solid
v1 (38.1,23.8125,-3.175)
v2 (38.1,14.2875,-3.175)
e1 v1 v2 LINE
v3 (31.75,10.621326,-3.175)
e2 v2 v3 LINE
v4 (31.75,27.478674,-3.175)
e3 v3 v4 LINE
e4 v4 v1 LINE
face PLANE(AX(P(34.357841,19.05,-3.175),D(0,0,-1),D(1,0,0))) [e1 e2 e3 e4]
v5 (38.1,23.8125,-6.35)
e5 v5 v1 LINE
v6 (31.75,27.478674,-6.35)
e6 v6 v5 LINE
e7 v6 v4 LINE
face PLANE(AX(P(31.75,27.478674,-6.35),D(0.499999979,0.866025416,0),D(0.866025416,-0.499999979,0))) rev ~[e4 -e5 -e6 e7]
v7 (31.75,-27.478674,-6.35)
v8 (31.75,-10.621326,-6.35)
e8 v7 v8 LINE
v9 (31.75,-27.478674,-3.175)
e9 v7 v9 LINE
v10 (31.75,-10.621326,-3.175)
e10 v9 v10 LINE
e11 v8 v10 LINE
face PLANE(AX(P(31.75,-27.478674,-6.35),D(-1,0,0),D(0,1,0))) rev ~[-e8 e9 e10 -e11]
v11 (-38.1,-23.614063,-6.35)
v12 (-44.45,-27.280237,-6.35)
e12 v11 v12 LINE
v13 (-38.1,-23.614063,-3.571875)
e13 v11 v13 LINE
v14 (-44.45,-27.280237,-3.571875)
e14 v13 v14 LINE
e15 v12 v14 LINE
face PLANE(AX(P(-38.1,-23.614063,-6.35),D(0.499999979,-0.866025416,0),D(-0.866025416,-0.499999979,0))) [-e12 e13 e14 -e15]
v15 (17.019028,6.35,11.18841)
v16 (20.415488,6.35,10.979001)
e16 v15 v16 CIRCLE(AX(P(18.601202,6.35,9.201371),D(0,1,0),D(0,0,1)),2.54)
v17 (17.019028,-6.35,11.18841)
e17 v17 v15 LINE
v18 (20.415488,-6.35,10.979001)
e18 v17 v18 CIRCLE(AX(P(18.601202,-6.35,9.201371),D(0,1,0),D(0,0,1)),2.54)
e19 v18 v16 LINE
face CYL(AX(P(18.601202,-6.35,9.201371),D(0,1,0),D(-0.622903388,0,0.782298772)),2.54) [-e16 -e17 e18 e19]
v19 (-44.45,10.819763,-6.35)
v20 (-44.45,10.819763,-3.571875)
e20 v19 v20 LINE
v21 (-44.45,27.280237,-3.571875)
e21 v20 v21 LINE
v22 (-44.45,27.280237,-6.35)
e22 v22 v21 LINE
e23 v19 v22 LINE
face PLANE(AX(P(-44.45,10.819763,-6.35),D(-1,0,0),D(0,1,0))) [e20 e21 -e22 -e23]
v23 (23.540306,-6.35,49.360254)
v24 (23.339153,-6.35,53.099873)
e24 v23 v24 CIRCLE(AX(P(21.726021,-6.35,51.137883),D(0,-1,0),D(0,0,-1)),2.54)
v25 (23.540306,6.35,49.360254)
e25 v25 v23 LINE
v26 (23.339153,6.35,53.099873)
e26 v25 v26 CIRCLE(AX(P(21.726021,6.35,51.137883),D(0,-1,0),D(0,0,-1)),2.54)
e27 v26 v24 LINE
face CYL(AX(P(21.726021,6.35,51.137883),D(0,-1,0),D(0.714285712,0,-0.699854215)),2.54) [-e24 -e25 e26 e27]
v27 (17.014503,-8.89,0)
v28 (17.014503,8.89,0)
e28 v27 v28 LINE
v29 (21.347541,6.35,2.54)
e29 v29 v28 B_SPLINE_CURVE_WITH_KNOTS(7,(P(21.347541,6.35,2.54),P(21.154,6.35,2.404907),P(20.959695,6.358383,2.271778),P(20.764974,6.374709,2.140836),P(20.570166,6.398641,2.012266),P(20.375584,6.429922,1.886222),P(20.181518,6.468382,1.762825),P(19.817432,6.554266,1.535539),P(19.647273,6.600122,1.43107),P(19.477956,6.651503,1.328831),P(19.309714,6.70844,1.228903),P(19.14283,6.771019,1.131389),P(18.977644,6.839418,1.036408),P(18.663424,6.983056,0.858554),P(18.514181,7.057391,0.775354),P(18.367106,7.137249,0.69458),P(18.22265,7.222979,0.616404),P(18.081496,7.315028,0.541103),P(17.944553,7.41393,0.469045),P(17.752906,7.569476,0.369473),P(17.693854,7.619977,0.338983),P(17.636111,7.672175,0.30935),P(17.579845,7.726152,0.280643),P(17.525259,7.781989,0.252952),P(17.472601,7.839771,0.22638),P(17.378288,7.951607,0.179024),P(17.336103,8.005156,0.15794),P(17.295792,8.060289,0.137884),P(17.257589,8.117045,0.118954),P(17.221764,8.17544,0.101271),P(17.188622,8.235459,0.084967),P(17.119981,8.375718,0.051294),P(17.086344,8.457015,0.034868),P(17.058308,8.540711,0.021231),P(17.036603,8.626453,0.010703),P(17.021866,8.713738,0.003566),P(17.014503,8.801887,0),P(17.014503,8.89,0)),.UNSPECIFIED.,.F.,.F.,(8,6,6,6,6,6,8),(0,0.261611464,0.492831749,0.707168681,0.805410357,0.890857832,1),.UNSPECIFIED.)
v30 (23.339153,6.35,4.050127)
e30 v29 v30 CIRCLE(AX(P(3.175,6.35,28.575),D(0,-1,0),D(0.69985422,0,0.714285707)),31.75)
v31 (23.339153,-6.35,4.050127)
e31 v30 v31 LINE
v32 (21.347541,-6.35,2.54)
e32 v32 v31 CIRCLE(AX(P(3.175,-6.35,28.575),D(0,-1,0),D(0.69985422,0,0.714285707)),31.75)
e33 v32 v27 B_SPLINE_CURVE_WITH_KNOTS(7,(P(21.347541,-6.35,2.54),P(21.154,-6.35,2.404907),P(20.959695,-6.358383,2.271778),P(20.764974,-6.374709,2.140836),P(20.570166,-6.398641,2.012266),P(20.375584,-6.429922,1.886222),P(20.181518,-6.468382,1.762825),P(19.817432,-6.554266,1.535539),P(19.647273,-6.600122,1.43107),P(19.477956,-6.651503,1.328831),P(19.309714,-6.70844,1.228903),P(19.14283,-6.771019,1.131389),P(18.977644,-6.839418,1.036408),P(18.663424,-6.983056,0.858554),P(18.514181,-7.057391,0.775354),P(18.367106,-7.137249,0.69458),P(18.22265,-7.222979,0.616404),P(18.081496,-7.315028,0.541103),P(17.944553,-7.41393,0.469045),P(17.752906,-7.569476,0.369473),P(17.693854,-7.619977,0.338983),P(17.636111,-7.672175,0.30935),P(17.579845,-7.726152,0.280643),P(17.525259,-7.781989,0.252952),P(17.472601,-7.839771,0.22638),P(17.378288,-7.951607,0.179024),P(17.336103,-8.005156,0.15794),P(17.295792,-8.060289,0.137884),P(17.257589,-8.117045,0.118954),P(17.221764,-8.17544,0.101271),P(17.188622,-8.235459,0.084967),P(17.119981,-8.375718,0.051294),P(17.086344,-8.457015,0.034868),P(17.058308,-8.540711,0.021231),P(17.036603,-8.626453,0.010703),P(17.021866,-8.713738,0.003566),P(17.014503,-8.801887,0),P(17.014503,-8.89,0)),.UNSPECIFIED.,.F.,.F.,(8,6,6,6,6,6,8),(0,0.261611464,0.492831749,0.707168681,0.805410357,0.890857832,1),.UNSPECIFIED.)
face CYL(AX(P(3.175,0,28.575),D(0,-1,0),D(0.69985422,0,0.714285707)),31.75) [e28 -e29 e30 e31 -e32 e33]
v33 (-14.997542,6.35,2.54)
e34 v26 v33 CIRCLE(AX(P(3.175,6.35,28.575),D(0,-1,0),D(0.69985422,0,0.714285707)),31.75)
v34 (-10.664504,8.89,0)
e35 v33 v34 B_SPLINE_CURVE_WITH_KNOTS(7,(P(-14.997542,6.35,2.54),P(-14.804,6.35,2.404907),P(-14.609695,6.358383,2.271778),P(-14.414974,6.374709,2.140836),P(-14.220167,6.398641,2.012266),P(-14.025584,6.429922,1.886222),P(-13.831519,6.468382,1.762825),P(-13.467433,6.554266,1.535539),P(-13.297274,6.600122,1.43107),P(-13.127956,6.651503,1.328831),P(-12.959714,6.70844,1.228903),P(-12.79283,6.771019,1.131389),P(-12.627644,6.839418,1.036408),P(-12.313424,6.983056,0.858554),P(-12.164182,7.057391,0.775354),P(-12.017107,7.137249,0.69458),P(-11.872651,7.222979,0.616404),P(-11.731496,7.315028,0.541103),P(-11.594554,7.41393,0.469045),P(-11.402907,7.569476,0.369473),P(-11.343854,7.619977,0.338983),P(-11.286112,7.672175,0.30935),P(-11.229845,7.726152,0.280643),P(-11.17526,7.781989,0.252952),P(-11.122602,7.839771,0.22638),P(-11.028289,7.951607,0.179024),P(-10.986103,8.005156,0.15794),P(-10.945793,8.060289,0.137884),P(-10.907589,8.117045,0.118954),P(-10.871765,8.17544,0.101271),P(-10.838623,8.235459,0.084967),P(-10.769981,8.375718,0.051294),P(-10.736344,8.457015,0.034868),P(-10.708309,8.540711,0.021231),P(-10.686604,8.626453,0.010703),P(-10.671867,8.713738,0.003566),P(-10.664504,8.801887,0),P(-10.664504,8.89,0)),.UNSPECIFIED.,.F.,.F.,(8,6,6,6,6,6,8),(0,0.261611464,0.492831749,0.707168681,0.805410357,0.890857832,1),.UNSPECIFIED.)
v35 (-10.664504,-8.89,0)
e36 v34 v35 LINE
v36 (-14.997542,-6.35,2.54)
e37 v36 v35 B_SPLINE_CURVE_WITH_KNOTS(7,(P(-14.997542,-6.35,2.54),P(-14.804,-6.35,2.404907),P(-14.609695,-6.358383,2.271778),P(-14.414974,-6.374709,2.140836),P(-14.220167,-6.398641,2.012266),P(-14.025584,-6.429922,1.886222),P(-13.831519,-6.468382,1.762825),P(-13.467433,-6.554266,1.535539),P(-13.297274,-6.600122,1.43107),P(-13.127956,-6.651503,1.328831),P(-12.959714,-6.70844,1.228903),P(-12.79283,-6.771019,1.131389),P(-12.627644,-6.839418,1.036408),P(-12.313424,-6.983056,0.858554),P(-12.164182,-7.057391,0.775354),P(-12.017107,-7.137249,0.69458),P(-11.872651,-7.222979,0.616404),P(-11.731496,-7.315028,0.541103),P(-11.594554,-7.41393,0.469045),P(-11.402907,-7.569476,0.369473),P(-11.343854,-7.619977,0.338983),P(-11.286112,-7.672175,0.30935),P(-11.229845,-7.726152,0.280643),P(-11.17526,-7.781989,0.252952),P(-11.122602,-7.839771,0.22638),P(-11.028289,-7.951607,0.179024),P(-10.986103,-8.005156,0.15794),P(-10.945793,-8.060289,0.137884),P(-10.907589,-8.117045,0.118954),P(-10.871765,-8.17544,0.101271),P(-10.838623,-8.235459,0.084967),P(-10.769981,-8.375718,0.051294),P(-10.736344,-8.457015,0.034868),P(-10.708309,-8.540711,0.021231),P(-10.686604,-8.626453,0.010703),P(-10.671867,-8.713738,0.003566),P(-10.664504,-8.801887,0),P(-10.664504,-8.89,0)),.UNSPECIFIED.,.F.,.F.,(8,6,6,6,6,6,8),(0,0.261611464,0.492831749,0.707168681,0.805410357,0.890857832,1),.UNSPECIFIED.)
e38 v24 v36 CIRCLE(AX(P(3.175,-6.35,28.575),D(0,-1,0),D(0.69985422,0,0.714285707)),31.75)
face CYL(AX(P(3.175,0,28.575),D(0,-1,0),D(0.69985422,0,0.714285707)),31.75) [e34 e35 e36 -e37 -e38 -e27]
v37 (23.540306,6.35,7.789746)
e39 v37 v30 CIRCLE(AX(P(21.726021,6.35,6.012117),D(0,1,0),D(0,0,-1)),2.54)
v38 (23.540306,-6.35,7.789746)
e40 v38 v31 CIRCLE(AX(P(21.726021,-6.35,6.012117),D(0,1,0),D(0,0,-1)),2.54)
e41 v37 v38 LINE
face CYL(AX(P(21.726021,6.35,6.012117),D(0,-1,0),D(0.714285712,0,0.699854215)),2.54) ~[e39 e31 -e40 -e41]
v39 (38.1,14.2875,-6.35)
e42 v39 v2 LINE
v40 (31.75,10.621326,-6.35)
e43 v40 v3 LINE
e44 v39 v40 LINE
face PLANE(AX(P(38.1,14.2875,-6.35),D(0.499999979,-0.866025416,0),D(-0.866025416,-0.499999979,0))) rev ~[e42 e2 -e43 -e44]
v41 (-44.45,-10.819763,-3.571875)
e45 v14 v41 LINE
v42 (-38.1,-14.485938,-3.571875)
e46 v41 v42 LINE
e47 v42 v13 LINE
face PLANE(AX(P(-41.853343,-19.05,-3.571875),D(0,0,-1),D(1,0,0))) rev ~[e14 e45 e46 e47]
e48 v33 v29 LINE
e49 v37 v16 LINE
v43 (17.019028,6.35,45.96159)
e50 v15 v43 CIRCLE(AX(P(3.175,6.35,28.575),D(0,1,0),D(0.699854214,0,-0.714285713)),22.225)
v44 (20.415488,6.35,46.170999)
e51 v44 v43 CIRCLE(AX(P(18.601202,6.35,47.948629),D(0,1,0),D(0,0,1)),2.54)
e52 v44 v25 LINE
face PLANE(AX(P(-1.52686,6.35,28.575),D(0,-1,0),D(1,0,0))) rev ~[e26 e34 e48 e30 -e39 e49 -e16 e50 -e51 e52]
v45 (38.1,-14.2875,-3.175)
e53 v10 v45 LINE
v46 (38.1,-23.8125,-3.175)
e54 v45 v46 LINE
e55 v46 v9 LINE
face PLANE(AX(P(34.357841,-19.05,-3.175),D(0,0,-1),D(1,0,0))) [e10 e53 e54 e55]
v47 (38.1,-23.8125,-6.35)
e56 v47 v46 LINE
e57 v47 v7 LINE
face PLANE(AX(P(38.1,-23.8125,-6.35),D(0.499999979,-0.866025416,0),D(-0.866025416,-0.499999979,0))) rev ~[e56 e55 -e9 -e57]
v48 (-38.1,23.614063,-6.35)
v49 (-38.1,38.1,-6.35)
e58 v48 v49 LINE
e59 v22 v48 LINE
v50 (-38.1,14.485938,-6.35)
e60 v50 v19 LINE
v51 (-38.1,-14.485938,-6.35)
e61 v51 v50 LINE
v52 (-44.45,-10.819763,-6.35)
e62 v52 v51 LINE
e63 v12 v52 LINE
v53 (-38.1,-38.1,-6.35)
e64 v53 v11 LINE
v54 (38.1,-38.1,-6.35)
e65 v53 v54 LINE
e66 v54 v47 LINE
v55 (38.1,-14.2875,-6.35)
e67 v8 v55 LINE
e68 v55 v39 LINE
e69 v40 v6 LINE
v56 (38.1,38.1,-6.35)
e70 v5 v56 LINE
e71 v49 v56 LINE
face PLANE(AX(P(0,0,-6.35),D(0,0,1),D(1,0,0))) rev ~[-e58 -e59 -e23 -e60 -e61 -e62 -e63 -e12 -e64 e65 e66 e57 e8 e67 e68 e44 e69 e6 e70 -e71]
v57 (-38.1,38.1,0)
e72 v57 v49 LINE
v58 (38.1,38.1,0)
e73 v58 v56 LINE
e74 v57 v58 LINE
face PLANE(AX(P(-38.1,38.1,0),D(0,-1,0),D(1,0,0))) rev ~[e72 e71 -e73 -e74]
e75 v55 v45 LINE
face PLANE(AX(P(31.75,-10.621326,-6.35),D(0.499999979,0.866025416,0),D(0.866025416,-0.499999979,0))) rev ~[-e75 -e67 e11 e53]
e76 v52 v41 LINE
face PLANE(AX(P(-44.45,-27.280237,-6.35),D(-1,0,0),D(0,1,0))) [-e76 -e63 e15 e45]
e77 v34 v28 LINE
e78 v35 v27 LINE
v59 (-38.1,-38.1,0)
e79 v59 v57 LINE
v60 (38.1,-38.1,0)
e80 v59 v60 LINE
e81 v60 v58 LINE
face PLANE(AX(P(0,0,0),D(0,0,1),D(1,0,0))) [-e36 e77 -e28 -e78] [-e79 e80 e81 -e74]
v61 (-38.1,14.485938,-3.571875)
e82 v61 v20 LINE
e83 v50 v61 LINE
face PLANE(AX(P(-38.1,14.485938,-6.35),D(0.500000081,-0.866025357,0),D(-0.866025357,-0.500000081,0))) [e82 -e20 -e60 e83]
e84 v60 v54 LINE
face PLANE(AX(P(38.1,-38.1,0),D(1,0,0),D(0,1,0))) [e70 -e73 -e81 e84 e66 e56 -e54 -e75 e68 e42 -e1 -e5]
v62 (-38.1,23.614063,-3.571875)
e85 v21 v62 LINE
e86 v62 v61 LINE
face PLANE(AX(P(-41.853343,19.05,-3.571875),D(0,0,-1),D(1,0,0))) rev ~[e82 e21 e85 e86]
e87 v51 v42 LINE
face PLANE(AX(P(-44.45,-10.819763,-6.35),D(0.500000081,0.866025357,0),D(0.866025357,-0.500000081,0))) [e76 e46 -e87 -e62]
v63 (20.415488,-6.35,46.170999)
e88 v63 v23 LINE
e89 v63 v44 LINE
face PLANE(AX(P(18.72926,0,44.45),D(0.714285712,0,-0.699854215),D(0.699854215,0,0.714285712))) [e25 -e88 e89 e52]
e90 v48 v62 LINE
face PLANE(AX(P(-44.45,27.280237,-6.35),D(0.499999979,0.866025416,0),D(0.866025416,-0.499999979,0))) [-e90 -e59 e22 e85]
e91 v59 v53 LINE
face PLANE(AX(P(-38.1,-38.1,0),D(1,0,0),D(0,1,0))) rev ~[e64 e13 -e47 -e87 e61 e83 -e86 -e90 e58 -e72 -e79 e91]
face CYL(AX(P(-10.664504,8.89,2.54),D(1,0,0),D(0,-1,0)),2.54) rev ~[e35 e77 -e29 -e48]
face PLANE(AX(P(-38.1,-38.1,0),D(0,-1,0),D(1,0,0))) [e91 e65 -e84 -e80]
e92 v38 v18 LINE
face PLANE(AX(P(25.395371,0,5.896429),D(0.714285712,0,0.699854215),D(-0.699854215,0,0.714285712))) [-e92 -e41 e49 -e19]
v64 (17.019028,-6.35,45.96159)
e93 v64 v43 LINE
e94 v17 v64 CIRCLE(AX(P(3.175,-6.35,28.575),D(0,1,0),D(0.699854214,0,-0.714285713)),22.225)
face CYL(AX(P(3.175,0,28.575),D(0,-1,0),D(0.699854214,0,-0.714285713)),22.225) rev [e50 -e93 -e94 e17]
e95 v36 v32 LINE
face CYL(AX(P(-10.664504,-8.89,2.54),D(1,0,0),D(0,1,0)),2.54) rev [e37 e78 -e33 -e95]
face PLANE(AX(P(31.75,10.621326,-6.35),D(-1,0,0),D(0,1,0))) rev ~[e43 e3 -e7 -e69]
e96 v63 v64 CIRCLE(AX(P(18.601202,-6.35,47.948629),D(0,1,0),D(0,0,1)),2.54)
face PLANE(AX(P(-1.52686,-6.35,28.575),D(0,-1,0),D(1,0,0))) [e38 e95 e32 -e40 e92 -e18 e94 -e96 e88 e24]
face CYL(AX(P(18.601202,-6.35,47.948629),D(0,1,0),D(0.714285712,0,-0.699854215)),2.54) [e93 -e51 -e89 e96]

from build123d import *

# Parameters (mm, degrees)
F0_W     = 76.2
F0_H     = 76.2
F2_DEPTH = 6.35
F3_DEPTH = 6.35
F4_R     = 2.54
F6_DEPTH = 3.175
F8_DEPTH = 2.778125


with BuildPart() as f2:
    # F0 (on Top) → F2 (new body)
    with BuildSketch(Plane.XY):
        Rectangle(F0_W, F0_H)
    extrude(amount=-F2_DEPTH)

    # F1 (on Front) → F3 (join, symmetric)
    with BuildSketch(Plane.XZ):
        with BuildLine():
            Line((18.72926, 44.45), (25.395371, 51.253571))
            ThreePointArc((25.395371, 51.253571), (-28.575, 28.575), (25.395371, 5.896429))
            Line((25.395371, 5.896429), (18.72926, 12.7))
            ThreePointArc((18.72926, 12.7), (-19.05, 28.575), (18.72926, 44.45))
        make_face()
    extrude(amount=F3_DEPTH, both=True)

    # F4
    f4_edges = [f2.edges().sort_by_distance(p)[0] for p in [
        (25.395371, 0, 51.253571),
        (18.72926, 0, 44.45),
        (18.72926, 0, 12.7),
        (25.395371, 0, 5.896429),
        (3.175, -6.35, 0),
        (3.175, 6.35, 0),
    ]]
    fillet(f4_edges, radius=F4_R)

    # F5 (on face) → F6 (cut)
    with BuildSketch(Plane(origin=(0, 0, -6.35), x_dir=(1, 0, 0), z_dir=(0, 0, -1))):
        Polygon((38.1, 14.2875), (38.1, 23.8125), (31.75, 27.478674), (31.75, 10.621326), align=None)
        Polygon((31.75, -10.621326), (31.75, -27.478674), (38.1, -23.8125), (38.1, -14.2875), align=None)
    extrude(amount=-F6_DEPTH, mode=Mode.SUBTRACT)

    # F7 (on face) → F8 (join)
    with BuildSketch(Plane(origin=(0, 0, -6.35), x_dir=(1, 0, 0), z_dir=(0, 0, -1))):
        Polygon((-38.1, 14.485938), (-38.1, 23.614063), (-44.45, 27.280237), (-44.45, 10.819763), align=None)
        Polygon((-38.1, -23.614063), (-38.1, -14.485938), (-44.45, -10.819763), (-44.45, -27.280237), align=None)
    extrude(amount=-F8_DEPTH)


solid = f2.part
